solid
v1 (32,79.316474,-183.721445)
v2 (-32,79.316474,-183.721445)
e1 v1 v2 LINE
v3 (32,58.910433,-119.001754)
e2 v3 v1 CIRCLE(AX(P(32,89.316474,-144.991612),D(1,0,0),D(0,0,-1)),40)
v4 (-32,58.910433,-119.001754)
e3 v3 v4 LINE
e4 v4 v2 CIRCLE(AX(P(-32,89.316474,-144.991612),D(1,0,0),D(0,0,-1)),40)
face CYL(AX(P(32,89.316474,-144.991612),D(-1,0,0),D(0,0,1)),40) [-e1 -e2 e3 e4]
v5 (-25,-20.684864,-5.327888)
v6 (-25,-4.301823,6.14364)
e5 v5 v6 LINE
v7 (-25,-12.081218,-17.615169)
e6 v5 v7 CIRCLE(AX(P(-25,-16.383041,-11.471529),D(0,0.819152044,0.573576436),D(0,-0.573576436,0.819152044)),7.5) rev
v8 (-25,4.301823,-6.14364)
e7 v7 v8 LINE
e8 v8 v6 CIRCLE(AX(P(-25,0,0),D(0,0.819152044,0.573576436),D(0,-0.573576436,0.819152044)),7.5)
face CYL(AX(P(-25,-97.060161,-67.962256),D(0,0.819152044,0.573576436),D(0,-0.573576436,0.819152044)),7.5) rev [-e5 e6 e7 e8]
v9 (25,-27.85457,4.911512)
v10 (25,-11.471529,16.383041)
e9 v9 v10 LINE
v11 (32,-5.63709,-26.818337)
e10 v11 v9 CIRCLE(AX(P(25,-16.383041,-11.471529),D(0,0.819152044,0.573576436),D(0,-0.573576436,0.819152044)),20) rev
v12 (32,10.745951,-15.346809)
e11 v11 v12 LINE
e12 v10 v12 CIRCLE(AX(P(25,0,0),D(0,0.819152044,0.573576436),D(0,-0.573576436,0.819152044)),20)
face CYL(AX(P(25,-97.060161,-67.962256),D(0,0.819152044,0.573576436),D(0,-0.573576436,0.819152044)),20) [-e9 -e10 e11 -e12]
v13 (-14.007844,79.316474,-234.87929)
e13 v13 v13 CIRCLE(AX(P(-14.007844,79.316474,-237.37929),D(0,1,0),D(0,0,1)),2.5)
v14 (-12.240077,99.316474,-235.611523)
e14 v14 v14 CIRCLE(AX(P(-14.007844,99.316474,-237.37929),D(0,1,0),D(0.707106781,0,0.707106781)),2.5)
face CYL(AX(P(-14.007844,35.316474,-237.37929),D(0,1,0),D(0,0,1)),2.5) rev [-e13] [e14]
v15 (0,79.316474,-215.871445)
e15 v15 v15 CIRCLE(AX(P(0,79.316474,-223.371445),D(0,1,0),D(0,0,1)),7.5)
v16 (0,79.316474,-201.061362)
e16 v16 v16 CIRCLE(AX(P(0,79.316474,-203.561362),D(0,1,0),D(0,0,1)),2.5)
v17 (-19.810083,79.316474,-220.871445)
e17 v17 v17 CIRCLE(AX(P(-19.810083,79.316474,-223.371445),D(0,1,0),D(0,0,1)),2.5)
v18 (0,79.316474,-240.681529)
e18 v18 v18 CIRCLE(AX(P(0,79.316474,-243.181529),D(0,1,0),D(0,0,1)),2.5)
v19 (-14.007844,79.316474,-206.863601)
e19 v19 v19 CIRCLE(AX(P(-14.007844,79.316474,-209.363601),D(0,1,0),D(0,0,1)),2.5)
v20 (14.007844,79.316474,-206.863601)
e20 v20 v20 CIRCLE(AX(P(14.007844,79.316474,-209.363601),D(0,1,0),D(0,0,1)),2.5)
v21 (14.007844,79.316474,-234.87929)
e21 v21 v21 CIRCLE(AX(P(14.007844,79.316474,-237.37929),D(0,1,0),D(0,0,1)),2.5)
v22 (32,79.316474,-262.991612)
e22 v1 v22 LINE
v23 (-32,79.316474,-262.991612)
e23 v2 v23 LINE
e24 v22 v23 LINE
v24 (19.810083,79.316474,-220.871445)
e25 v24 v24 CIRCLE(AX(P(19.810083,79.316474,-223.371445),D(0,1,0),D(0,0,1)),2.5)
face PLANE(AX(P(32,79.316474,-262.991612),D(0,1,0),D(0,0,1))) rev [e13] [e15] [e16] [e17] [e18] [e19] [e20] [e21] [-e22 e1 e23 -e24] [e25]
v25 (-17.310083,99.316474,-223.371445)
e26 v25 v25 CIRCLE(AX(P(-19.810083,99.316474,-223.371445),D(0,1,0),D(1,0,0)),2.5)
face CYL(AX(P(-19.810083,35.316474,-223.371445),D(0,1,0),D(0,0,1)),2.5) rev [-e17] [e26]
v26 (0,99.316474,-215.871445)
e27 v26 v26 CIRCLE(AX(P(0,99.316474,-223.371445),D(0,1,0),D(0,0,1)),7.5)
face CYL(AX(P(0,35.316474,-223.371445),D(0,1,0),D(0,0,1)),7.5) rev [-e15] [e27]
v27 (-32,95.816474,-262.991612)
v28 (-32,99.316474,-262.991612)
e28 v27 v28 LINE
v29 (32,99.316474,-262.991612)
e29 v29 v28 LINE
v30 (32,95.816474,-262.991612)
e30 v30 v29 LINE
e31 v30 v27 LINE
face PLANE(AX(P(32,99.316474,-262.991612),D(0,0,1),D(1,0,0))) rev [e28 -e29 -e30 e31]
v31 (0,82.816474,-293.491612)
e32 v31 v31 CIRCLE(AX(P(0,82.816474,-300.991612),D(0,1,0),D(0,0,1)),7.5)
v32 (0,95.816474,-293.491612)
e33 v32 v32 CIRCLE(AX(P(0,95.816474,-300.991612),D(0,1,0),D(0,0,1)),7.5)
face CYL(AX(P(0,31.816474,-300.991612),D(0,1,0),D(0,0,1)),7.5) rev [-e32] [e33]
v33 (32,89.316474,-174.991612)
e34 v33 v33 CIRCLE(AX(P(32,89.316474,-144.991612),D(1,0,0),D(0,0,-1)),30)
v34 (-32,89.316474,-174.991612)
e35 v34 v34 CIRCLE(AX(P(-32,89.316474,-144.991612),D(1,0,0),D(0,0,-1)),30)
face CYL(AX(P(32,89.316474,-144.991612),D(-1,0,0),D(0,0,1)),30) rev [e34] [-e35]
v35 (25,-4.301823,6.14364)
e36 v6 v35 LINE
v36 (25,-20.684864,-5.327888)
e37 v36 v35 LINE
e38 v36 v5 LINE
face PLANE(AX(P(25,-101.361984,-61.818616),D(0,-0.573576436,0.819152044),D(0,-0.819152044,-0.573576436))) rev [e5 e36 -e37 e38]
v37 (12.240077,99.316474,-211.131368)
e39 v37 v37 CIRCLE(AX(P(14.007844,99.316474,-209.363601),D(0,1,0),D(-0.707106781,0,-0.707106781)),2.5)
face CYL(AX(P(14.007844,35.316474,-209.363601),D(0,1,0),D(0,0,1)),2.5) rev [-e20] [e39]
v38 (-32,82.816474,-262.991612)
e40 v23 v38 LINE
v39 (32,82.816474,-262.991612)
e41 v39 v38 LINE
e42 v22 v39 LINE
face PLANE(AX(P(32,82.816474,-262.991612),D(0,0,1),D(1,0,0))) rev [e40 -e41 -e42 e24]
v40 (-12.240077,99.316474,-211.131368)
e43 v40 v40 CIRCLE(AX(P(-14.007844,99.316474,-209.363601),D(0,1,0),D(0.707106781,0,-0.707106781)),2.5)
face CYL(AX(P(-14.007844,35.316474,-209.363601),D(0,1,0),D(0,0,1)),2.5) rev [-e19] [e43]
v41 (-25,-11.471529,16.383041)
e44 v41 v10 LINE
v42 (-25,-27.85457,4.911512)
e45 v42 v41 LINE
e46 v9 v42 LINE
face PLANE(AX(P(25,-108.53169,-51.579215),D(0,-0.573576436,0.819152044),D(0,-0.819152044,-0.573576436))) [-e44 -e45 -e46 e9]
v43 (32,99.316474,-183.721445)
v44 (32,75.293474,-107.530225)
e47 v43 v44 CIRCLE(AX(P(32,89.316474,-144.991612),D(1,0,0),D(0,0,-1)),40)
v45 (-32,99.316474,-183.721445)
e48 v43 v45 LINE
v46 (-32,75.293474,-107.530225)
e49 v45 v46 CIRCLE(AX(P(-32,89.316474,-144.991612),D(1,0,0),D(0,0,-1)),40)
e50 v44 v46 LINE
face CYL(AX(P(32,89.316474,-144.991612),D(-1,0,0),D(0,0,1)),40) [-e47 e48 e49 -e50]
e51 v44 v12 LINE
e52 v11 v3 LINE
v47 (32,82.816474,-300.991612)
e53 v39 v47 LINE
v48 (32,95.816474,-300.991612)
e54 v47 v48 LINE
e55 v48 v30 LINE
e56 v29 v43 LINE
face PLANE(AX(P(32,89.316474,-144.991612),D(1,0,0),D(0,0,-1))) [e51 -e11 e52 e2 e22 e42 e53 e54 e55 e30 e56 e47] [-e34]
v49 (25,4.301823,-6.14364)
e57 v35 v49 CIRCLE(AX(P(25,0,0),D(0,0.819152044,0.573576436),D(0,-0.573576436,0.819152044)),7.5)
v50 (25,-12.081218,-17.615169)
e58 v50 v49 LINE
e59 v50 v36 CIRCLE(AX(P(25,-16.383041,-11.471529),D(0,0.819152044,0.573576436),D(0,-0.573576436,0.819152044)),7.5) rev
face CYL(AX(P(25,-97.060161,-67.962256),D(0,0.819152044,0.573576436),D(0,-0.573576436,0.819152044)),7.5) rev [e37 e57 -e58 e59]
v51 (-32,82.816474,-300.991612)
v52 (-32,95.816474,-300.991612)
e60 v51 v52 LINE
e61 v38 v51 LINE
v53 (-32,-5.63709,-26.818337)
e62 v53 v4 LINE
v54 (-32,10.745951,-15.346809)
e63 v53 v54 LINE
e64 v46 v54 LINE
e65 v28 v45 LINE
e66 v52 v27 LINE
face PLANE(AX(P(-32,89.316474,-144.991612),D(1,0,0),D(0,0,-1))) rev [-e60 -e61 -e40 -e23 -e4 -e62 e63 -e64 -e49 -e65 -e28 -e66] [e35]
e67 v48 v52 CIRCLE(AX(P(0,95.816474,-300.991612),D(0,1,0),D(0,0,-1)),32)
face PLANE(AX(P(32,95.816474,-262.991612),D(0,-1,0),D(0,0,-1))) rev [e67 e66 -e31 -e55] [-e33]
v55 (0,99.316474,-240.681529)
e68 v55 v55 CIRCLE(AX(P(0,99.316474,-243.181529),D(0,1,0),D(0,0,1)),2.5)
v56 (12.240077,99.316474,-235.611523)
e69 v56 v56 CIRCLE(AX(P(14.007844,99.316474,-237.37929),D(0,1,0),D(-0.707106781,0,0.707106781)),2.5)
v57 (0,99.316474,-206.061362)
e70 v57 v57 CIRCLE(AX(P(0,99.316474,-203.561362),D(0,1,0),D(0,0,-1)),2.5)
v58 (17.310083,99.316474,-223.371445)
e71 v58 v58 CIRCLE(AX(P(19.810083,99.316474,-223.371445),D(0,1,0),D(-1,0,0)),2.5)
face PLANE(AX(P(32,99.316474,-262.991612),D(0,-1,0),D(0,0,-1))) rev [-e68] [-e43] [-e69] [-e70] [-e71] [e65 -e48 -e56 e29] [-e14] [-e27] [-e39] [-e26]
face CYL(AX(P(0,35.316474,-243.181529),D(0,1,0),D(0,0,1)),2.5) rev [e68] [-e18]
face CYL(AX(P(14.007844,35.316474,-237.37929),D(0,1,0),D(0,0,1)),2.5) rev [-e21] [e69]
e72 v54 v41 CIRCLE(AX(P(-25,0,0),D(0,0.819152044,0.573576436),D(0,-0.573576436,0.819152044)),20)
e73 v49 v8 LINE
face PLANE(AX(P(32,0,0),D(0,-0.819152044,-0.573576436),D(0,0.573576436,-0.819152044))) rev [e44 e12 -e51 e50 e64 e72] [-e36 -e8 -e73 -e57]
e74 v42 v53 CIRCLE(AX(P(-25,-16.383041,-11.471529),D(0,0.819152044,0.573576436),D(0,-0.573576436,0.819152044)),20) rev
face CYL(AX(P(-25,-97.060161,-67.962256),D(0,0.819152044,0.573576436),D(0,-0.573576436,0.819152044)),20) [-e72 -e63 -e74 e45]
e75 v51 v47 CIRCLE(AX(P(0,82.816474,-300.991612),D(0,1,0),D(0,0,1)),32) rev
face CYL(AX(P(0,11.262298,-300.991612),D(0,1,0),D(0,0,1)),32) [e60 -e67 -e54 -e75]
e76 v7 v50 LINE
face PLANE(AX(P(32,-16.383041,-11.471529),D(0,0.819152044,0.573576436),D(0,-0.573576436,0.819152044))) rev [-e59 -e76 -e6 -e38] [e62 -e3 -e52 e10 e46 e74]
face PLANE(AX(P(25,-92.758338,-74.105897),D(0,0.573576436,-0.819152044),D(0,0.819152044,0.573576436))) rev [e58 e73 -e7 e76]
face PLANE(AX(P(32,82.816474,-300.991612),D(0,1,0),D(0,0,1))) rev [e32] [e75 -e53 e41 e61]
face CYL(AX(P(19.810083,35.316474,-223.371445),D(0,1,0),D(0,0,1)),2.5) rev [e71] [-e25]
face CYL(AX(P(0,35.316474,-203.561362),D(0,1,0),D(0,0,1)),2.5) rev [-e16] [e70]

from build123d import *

# Parameters (mm, degrees)
SKETCH1_R           = 30
BOSS_EXTRUDE1_DEPTH = 32
CUT_EXTRUDE1_DEPTH  = 64
BOSS_EXTRUDE2_DEPTH = 20
SKETCH4_R           = 7.5
SKETCH4_R_2         = 2.5
CUT_EXTRUDE2_DEPTH  = 64
CIRPATTERN1_COUNT   = 8
BOSS_EXTRUDE3_DEPTH = 13
SKETCH6_R           = 7.5
CUT_EXTRUDE3_DEPTH  = 64


with BuildPart() as part:
    # Sketch1 → Boss-Extrude1 (new, symmetric)
    with BuildSketch(Plane(origin=(0, 0, 0), x_dir=(0, 0, -1), z_dir=(1, 0, 0))):
        with BuildLine():
            Line((0, 0), (11.471528727, -16.383040886))
            Line((11.471528727, -16.383040886), (119.001754001, 58.910433436))
            ThreePointArc((119.001754001, 58.910433436), (157.019843873, 51.167795707), (183.721445355, 79.316473737))
            Line((183.721445355, 79.316473737), (262.991611893, 79.316473737))
            Line((262.991611893, 79.316473737), (262.991611893, 82.816473737))
            Line((262.991611893, 82.816473737), (300.991611893, 82.816473737))
            Line((300.991611893, 82.816473737), (300.991611893, 95.816473737))
            Line((300.991611893, 95.816473737), (262.991611893, 95.816473737))
            Line((262.991611893, 95.816473737), (262.991611893, 99.316473737))
            Line((262.991611893, 99.316473737), (183.721445355, 99.316473737))
            ThreePointArc((183.721445355, 99.316473737), (132.963379912, 127.465151767), (107.530225274, 75.293474322))
            Line((107.530225274, 75.293474322), (0, 0))
        make_face()
        with Locations((144.991611893, 89.316473737)):
            Circle(SKETCH1_R, mode=Mode.SUBTRACT)
    extrude(amount=BOSS_EXTRUDE1_DEPTH, both=True)

    # Sketch2 → Cut-Extrude1 (cut)
    with BuildSketch(Plane(origin=(0, 0, 0), x_dir=(1, 0, 0), z_dir=(0, 0.8191520442889949, 0.5735764363510418))):
        with BuildLine():
            Line((25, -20), (-25, -20))
            ThreePointArc((-25, -20), (-45, 0), (-25, 20))
            Line((-25, 20), (25, 20))
            ThreePointArc((25, 20), (45, 0), (25, -20))
        make_face()
    extrude(amount=-CUT_EXTRUDE1_DEPTH, mode=Mode.SUBTRACT)

    # Sketch3 → Boss-Extrude2 (add)
    with BuildSketch(Plane(origin=(0, 0, 0), x_dir=(1, 0, 0), z_dir=(0, 0.8191520442889949, 0.5735764363510418))):
        with BuildLine():
            Line((25, -20), (-25, -20))
            ThreePointArc((-25, -20), (-45, 0), (-25, 20))
            Line((-25, 20), (25, 20))
            ThreePointArc((25, 20), (45, 0), (25, -20))
        make_face()
        with BuildLine():
            Line((25, -7.5), (-25, -7.5))
            ThreePointArc((-25, -7.5), (-32.5, 0), (-25, 7.5))
            Line((-25, 7.5), (25, 7.5))
            ThreePointArc((25, 7.5), (32.5, 0), (25, -7.5))
        make_face(mode=Mode.SUBTRACT)
    extrude(amount=-BOSS_EXTRUDE2_DEPTH)

    # Sketch4 → Cut-Extrude2 (cut)
    with BuildSketch(Plane(origin=(0, 99.316473737, 0), x_dir=(1, 0, 0), z_dir=(0, 1, 0))):
        with Locations(Location((0, 223.371445355, 0), (0, 0, 270))):
            Circle(SKETCH4_R)
        with Locations(Location((0, 243.181528624, 0), (0, 0, 270))):
            Circle(SKETCH4_R_2)
    cut_extrude2 = extrude(amount=-CUT_EXTRUDE2_DEPTH, mode=Mode.SUBTRACT)

    # CirPattern1: Cut-Extrude2 ×8 about axis
    cirpattern1_axis = Axis((0, 0, -223.371445355), (0, 1, 0))
    for i in range(1, CIRPATTERN1_COUNT):
        add(cut_extrude2.rotate(cirpattern1_axis, i * 360 / CIRPATTERN1_COUNT), mode=Mode.SUBTRACT)

    # Sketch5 → Boss-Extrude3 (add)
    with BuildSketch(Plane(origin=(0, 95.816473737, 0), x_dir=(1, 0, 0), z_dir=(0, 1, 0))):
        with BuildLine():
            Line((-32, 300.991611893), (32, 300.991611893))
            ThreePointArc((32, 300.991611893), (0, 332.991611893), (-32, 300.991611893))
        make_face()
    extrude(amount=-BOSS_EXTRUDE3_DEPTH)

    # Sketch6 → Cut-Extrude3 (cut)
    with BuildSketch(Plane(origin=(0, 95.816473737, 0), x_dir=(1, 0, 0), z_dir=(0, 1, 0))):
        with Locations(Location((0, 300.991611893, 0), (0, 0, 270))):
            Circle(SKETCH6_R)
    extrude(amount=-CUT_EXTRUDE3_DEPTH, mode=Mode.SUBTRACT)


solid = part.part
